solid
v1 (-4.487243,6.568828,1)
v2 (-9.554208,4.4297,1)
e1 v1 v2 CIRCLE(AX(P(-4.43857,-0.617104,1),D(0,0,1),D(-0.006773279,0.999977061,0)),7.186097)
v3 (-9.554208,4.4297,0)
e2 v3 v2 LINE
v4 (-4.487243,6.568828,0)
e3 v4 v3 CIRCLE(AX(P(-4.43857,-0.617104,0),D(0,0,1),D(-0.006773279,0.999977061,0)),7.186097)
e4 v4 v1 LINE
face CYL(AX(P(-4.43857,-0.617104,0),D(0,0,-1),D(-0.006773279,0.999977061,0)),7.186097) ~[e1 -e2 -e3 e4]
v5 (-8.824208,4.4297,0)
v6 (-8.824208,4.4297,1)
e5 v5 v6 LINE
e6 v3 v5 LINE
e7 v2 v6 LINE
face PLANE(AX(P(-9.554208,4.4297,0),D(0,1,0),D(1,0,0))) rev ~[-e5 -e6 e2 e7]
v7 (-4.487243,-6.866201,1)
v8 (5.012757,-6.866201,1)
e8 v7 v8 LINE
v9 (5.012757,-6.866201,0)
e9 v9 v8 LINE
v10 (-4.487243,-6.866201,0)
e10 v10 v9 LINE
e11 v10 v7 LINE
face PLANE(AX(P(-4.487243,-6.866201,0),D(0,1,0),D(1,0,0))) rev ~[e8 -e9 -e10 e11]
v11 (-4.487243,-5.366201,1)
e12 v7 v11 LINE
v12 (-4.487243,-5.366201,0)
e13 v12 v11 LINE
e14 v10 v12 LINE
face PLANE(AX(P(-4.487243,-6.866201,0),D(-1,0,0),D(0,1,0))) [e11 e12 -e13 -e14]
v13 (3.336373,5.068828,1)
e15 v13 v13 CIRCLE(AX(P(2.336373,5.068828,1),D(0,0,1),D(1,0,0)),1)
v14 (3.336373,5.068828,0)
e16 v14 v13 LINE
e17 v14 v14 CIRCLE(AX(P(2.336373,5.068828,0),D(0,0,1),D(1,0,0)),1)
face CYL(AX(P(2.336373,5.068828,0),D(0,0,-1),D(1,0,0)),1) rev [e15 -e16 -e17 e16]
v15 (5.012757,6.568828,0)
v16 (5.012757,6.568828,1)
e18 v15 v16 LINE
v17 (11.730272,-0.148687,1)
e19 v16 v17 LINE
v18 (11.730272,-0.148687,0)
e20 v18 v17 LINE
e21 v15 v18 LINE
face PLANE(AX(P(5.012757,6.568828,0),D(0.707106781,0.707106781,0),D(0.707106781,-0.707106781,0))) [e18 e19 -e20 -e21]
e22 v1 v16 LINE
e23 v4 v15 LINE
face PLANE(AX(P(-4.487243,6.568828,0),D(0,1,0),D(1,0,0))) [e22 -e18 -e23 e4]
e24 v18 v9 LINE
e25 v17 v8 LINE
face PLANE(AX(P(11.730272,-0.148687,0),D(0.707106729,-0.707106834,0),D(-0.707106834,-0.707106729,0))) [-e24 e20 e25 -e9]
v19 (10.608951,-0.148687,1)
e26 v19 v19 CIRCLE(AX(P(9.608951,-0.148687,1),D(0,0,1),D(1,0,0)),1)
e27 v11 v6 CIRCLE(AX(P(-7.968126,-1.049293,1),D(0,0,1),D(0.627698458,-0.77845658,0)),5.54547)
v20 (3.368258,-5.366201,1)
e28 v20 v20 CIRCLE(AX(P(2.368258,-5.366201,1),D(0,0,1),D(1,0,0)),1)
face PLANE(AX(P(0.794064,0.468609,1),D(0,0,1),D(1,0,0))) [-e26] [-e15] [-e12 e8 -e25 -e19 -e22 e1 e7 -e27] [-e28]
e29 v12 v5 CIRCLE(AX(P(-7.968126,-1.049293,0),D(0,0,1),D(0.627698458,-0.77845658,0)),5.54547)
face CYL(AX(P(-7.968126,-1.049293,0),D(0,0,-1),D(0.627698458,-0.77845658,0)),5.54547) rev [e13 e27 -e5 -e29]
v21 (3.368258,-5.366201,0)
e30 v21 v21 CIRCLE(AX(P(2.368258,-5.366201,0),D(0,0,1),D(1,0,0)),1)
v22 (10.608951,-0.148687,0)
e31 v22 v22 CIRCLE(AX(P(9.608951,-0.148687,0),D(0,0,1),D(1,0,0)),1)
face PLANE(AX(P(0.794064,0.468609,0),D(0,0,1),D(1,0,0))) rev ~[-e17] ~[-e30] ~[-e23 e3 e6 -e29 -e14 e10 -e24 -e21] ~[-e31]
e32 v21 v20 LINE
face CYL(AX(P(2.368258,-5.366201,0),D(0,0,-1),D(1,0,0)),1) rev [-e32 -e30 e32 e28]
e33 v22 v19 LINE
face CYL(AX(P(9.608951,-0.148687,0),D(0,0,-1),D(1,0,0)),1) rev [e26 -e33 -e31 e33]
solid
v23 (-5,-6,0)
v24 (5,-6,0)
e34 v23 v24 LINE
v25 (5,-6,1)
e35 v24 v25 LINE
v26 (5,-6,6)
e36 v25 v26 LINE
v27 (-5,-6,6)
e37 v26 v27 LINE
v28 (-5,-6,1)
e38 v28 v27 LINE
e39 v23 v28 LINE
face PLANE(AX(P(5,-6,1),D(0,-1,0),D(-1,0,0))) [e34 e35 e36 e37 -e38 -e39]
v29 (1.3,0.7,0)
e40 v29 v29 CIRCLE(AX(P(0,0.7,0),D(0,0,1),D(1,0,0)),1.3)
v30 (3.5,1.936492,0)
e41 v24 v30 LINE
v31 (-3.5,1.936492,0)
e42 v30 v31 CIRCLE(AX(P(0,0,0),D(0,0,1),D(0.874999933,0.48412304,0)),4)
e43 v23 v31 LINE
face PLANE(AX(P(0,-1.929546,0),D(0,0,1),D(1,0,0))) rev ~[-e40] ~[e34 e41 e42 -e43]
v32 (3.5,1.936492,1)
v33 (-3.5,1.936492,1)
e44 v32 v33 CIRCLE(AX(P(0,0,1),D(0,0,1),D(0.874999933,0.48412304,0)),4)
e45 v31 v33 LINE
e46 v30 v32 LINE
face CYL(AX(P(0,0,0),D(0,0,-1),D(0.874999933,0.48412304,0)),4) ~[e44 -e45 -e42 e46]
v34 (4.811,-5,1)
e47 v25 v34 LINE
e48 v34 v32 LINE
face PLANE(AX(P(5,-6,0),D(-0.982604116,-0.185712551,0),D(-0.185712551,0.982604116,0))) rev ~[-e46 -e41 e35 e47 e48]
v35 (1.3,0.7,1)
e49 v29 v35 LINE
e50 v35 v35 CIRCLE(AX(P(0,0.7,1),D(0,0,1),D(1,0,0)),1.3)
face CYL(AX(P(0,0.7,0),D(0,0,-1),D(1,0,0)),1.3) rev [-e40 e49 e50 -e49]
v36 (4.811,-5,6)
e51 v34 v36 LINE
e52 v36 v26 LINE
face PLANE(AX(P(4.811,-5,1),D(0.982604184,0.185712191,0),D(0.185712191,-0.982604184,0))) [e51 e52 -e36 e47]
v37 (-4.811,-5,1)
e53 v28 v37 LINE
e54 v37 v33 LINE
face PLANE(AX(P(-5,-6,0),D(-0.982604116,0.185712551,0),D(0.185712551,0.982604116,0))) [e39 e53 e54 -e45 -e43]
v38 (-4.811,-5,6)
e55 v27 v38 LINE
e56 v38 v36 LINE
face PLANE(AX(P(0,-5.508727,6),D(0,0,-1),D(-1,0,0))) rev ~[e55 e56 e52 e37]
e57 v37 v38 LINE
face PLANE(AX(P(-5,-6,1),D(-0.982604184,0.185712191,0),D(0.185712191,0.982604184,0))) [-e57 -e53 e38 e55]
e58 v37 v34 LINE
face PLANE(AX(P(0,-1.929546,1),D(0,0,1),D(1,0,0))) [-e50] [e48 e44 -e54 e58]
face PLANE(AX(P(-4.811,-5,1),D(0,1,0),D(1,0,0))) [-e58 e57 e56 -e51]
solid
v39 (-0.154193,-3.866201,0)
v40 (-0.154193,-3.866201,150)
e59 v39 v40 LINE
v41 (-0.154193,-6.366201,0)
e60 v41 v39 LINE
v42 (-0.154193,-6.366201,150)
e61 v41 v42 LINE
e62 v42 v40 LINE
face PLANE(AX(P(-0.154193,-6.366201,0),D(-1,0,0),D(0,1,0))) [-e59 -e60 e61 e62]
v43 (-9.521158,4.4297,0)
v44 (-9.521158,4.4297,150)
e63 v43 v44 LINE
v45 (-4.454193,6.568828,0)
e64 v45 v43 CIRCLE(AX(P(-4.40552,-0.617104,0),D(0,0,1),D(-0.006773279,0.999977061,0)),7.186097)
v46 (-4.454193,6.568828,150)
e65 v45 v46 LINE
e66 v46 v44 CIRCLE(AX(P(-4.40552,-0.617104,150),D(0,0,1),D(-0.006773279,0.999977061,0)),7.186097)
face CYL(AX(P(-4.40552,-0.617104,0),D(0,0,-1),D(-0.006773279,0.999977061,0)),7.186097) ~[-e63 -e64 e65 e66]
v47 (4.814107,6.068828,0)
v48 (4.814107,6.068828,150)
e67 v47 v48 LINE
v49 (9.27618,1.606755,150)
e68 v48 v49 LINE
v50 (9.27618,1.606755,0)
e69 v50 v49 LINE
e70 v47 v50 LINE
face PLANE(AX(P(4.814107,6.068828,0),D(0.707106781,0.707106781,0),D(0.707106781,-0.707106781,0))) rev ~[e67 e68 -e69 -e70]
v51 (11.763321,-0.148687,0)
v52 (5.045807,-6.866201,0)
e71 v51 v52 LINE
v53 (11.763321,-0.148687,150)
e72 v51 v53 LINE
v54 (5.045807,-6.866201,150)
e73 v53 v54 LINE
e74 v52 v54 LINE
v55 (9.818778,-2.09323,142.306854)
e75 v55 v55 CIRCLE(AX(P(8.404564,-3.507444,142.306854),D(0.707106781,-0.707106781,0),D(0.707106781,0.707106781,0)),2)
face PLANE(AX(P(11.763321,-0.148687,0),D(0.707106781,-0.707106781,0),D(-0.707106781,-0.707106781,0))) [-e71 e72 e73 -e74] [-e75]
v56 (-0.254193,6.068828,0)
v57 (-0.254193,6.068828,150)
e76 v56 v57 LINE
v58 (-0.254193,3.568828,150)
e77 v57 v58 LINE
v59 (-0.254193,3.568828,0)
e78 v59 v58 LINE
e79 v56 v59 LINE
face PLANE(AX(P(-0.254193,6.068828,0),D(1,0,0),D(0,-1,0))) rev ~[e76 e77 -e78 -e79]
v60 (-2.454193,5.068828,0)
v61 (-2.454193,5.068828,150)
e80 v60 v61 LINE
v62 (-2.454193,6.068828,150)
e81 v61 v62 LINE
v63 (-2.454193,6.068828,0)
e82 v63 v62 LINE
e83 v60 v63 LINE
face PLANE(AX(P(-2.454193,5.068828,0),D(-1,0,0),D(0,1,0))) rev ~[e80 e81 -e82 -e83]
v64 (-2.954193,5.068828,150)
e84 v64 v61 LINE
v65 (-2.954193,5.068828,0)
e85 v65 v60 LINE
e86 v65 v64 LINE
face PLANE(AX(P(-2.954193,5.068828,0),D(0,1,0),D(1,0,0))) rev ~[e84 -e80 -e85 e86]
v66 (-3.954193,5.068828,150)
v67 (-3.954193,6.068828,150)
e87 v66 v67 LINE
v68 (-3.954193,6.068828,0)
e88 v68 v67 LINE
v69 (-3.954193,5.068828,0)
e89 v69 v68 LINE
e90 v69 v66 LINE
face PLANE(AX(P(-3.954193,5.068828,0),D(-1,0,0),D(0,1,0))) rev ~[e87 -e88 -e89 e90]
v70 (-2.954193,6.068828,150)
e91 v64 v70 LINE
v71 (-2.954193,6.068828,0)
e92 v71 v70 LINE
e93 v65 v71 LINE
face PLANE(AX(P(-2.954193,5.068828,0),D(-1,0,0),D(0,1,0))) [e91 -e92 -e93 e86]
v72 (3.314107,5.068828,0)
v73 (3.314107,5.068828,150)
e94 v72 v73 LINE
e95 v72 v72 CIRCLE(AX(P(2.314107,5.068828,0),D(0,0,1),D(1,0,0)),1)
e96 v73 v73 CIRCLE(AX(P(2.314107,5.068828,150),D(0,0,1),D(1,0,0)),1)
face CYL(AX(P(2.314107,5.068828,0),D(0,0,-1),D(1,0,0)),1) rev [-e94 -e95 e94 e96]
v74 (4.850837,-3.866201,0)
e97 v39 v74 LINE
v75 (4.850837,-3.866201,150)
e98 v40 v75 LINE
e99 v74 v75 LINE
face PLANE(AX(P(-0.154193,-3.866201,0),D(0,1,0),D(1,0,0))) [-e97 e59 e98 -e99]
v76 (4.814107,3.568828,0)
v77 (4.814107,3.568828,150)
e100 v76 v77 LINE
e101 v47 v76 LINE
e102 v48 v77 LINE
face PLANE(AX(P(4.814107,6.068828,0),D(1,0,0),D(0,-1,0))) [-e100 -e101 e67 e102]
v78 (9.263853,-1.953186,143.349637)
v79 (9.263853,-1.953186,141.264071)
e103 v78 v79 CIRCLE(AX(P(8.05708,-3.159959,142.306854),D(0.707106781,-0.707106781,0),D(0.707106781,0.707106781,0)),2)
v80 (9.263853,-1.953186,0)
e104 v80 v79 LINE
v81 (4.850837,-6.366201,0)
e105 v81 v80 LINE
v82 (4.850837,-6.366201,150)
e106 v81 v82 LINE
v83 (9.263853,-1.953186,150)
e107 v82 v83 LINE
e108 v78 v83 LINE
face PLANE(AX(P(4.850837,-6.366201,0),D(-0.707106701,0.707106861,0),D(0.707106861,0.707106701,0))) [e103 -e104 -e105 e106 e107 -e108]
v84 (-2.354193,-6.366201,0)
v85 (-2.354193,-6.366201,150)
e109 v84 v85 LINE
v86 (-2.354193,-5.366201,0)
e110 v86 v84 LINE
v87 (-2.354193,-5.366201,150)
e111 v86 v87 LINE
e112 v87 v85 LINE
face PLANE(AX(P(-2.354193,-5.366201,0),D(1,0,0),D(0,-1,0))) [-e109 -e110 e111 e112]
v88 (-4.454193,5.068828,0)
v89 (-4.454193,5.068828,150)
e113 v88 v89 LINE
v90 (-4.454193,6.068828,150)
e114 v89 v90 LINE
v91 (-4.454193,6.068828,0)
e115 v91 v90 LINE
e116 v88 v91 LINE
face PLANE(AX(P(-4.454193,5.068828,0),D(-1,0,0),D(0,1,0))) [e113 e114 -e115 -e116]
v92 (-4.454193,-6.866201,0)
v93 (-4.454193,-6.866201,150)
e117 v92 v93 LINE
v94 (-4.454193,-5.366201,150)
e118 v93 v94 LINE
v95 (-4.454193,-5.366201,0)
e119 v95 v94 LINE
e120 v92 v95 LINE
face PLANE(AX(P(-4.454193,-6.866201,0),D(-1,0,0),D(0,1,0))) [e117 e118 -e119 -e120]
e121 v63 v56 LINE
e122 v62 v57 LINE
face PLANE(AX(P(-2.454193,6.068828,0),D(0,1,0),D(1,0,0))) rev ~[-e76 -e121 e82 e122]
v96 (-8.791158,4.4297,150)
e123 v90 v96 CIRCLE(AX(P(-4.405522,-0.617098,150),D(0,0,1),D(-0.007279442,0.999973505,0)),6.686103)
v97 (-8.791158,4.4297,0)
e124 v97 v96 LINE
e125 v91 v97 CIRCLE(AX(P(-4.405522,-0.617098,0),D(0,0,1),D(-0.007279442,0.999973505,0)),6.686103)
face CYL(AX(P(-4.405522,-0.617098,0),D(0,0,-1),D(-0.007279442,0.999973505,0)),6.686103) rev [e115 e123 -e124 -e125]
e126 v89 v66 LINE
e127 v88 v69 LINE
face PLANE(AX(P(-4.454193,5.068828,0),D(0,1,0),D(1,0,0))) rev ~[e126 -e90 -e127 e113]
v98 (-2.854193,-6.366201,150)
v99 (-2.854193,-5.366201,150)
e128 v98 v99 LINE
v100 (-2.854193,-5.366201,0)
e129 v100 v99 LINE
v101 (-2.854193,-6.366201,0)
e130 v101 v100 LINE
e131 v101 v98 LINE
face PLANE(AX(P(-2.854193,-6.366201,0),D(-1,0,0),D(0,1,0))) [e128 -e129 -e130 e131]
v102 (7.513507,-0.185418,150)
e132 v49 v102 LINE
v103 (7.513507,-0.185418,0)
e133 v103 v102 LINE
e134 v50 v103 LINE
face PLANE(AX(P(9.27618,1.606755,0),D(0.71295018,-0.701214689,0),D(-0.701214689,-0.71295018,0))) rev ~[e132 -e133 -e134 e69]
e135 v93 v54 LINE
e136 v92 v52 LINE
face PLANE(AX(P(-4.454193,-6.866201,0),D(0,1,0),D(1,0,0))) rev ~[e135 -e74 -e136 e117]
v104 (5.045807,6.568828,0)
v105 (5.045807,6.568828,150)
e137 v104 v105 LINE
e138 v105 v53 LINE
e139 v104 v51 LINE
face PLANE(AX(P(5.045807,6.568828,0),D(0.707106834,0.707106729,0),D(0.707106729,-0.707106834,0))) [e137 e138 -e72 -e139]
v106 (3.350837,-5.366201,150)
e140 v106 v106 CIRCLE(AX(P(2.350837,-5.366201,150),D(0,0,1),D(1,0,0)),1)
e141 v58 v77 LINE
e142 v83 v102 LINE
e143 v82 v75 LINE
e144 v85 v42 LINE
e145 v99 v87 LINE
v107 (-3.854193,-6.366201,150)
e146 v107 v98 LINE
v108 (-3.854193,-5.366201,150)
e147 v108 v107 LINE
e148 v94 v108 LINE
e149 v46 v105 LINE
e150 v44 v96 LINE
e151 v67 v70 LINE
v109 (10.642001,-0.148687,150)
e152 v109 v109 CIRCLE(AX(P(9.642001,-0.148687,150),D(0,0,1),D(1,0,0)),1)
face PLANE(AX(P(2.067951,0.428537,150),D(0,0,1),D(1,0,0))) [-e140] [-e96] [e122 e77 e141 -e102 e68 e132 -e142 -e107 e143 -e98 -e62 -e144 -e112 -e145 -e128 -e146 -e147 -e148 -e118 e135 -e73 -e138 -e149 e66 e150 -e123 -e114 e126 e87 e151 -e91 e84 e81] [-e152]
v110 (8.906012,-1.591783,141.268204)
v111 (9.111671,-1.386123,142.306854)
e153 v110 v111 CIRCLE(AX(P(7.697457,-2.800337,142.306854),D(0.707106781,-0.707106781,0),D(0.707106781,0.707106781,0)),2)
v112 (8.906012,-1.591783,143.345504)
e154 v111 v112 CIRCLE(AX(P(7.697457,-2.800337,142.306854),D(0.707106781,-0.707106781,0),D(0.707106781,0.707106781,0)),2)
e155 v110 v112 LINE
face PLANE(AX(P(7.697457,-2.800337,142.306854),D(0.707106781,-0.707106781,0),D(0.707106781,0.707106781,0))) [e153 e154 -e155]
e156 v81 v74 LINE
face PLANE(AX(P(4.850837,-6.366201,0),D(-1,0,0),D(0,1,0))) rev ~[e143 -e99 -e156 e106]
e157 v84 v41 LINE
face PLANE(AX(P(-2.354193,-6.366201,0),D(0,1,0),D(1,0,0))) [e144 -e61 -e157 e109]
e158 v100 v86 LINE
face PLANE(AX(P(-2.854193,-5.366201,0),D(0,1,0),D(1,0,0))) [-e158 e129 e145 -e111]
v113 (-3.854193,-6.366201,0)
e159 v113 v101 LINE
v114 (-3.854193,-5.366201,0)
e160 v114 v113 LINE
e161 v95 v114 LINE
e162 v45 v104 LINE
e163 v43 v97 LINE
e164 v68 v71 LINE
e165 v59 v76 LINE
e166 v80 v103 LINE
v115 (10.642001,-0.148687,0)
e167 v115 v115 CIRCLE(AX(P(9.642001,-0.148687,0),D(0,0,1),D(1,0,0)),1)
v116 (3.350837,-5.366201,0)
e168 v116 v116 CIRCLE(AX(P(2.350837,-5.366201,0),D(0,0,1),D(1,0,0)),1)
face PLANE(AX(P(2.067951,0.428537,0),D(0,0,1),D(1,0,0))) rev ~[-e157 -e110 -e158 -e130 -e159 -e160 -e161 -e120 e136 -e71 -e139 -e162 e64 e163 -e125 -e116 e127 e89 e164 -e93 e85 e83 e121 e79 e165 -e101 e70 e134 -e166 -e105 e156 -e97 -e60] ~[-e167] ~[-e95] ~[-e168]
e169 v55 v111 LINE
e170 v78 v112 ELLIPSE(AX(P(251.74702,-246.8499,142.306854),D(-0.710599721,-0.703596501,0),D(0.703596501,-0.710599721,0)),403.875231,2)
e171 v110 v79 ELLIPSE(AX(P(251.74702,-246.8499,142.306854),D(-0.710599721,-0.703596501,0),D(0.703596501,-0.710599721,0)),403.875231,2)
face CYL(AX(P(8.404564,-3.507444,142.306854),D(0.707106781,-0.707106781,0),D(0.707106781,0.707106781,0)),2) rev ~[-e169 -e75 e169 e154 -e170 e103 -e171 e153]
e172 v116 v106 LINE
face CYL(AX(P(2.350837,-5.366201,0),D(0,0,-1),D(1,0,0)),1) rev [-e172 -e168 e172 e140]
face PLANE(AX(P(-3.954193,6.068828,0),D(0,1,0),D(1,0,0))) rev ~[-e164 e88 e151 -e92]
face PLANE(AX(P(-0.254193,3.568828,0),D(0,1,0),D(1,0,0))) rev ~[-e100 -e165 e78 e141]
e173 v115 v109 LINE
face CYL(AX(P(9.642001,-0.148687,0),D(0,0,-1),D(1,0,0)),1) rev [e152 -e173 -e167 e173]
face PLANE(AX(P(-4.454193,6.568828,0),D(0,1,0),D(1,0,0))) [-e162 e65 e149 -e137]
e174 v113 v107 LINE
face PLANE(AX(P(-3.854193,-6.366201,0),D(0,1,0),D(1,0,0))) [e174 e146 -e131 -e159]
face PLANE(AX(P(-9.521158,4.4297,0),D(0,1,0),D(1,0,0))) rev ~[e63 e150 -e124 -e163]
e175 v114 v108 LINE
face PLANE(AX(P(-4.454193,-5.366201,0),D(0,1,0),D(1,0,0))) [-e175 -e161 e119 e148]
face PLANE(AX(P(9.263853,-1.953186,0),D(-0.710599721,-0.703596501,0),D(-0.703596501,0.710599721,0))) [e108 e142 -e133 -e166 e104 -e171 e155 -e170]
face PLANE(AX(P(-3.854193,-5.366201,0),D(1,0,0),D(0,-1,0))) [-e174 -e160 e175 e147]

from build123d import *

# Parameters (mm, degrees)
SKETCH_R     = 1
PAD_DEPTH    = 150
SKETCH004_R  = 2
POCKET_DEPTH = 1
SKETCH001_R  = 1
PAD001_DEPTH = 1
SKETCH005_R  = 1.3
PAD002_DEPTH = 1
PAD003_DEPTH = 5


with BuildPart() as body:
    # Sketch → Pad (new body)
    with BuildSketch(Plane.XY):
        with BuildLine():
            Line((-4.454193, -6.866201), (5.045807, -6.866201))
            Line((11.763321, -0.148687), (5.045807, -6.866201))
            Line((5.045807, 6.568828), (11.763321, -0.148687))
            Line((-4.454193, 6.568828), (5.045807, 6.568828))
            ThreePointArc((-4.454193, 6.568828), (-7.200425, 6.003205), (-9.521158, 4.4297))
            Line((-9.521158, 4.4297), (-8.791158, 4.4297))
            ThreePointArc((-4.454193, 6.068828), (-6.769302, 5.637222), (-8.791158, 4.4297))
            Line((-4.454193, 5.068828), (-4.454193, 6.068828))
            Line((-4.454193, 5.068828), (-3.954193, 5.068828))
            Line((-3.954193, 5.068828), (-3.954193, 6.068828))
            Line((-3.954193, 6.068828), (-2.954193, 6.068828))
            Line((-2.954193, 5.068828), (-2.954193, 6.068828))
            Line((-2.954193, 5.068828), (-2.454193, 5.068828))
            Line((-2.454193, 5.068828), (-2.454193, 6.068828))
            Line((-2.454193, 6.068828), (-0.254193, 6.068828))
            Line((-0.254193, 6.068828), (-0.254193, 3.568828))
            Line((-0.254193, 3.568828), (4.814107, 3.568828))
            Line((4.814107, 6.068828), (4.814107, 3.568828))
            Line((4.814107, 6.068828), (9.27618, 1.606755))
            Line((9.27618, 1.606755), (7.513507, -0.185418))
            Line((9.263853, -1.953186), (7.513507, -0.185418))
            Line((4.850837, -6.366201), (9.263853, -1.953186))
            Line((4.850837, -6.366201), (4.850837, -3.866201))
            Line((-0.154193, -3.866201), (4.850837, -3.866201))
            Line((-0.154193, -6.366201), (-0.154193, -3.866201))
            Line((-2.354193, -6.366201), (-0.154193, -6.366201))
            Line((-2.354193, -5.366201), (-2.354193, -6.366201))
            Line((-2.854193, -5.366201), (-2.354193, -5.366201))
            Line((-2.854193, -6.366201), (-2.854193, -5.366201))
            Line((-3.854193, -6.366201), (-2.854193, -6.366201))
            Line((-3.854193, -5.366201), (-3.854193, -6.366201))
            Line((-4.454193, -5.366201), (-3.854193, -5.366201))
            Line((-4.454193, -6.866201), (-4.454193, -5.366201))
        make_face()
        with Locations((2.350837, -5.366201)):
            Circle(SKETCH_R, mode=Mode.SUBTRACT)
        with Locations((2.314107, 5.068828)):
            Circle(SKETCH_R, mode=Mode.SUBTRACT)
        with Locations((9.642001, -0.148687)):
            Circle(SKETCH_R, mode=Mode.SUBTRACT)
    extrude(amount=PAD_DEPTH)

    # Sketch004 (on Face2 of Pad) → Pocket (cut)
    with BuildSketch(Plane(origin=(5.956004, -5.956004, 0), x_dir=(0.707107, 0.707107, 0), z_dir=(0.707107, -0.707107, 0))):
        with Locations((3.462787, 142.306854)):
            Circle(SKETCH004_R)
    extrude(amount=-POCKET_DEPTH, mode=Mode.SUBTRACT)


with BuildPart() as body001:
    # Sketch001 → Pad001 (new body)
    with BuildSketch(Plane.XY):
        with BuildLine():
            Line((-4.487243, -6.866201), (5.012757, -6.866201))
            Line((11.730272, -0.148687), (5.012757, -6.866201))
            Line((5.012757, 6.568828), (11.730272, -0.148687))
            Line((-4.487243, 6.568828), (5.012757, 6.568828))
            ThreePointArc((-4.487243, 6.568828), (-7.233475, 6.003205), (-9.554208, 4.4297))
            Line((-9.554208, 4.4297), (-8.824208, 4.4297))
            ThreePointArc((-4.487243, -5.366201), (-2.897395, 1.195685), (-8.824208, 4.4297))
            Line((-4.487243, -6.866201), (-4.487243, -5.366201))
        make_face()
        with Locations((2.368258, -5.366201)):
            Circle(SKETCH001_R, mode=Mode.SUBTRACT)
        with Locations((2.336373, 5.068828)):
            Circle(SKETCH001_R, mode=Mode.SUBTRACT)
        with Locations((9.608951, -0.148687)):
            Circle(SKETCH001_R, mode=Mode.SUBTRACT)
    extrude(amount=PAD001_DEPTH)


with BuildPart() as body002:
    # Sketch005 → Pad002 (new body)
    with BuildSketch(Plane.XY):
        with BuildLine():
            ThreePointArc((3.5, 1.936492), (0, 4), (-3.5, 1.936492))
            Line((-5, -6), (-3.5, 1.936492))
            Line((-5, -6), (5, -6))
            Line((5, -6), (3.5, 1.936492))
        make_face()
        with Locations((0, 0.7)):
            Circle(SKETCH005_R, mode=Mode.SUBTRACT)
    extrude(amount=PAD002_DEPTH)

    # Sketch006 (on Face7 of Pad002) → Pad003 (join)
    with BuildSketch(Plane.XY.offset(1)):
        Polygon((-4.811, -5), (4.811, -5), (5, -6), (-5, -6), align=None)
    extrude(amount=PAD003_DEPTH)


solid = Compound([body.part, body001.part, body002.part])
